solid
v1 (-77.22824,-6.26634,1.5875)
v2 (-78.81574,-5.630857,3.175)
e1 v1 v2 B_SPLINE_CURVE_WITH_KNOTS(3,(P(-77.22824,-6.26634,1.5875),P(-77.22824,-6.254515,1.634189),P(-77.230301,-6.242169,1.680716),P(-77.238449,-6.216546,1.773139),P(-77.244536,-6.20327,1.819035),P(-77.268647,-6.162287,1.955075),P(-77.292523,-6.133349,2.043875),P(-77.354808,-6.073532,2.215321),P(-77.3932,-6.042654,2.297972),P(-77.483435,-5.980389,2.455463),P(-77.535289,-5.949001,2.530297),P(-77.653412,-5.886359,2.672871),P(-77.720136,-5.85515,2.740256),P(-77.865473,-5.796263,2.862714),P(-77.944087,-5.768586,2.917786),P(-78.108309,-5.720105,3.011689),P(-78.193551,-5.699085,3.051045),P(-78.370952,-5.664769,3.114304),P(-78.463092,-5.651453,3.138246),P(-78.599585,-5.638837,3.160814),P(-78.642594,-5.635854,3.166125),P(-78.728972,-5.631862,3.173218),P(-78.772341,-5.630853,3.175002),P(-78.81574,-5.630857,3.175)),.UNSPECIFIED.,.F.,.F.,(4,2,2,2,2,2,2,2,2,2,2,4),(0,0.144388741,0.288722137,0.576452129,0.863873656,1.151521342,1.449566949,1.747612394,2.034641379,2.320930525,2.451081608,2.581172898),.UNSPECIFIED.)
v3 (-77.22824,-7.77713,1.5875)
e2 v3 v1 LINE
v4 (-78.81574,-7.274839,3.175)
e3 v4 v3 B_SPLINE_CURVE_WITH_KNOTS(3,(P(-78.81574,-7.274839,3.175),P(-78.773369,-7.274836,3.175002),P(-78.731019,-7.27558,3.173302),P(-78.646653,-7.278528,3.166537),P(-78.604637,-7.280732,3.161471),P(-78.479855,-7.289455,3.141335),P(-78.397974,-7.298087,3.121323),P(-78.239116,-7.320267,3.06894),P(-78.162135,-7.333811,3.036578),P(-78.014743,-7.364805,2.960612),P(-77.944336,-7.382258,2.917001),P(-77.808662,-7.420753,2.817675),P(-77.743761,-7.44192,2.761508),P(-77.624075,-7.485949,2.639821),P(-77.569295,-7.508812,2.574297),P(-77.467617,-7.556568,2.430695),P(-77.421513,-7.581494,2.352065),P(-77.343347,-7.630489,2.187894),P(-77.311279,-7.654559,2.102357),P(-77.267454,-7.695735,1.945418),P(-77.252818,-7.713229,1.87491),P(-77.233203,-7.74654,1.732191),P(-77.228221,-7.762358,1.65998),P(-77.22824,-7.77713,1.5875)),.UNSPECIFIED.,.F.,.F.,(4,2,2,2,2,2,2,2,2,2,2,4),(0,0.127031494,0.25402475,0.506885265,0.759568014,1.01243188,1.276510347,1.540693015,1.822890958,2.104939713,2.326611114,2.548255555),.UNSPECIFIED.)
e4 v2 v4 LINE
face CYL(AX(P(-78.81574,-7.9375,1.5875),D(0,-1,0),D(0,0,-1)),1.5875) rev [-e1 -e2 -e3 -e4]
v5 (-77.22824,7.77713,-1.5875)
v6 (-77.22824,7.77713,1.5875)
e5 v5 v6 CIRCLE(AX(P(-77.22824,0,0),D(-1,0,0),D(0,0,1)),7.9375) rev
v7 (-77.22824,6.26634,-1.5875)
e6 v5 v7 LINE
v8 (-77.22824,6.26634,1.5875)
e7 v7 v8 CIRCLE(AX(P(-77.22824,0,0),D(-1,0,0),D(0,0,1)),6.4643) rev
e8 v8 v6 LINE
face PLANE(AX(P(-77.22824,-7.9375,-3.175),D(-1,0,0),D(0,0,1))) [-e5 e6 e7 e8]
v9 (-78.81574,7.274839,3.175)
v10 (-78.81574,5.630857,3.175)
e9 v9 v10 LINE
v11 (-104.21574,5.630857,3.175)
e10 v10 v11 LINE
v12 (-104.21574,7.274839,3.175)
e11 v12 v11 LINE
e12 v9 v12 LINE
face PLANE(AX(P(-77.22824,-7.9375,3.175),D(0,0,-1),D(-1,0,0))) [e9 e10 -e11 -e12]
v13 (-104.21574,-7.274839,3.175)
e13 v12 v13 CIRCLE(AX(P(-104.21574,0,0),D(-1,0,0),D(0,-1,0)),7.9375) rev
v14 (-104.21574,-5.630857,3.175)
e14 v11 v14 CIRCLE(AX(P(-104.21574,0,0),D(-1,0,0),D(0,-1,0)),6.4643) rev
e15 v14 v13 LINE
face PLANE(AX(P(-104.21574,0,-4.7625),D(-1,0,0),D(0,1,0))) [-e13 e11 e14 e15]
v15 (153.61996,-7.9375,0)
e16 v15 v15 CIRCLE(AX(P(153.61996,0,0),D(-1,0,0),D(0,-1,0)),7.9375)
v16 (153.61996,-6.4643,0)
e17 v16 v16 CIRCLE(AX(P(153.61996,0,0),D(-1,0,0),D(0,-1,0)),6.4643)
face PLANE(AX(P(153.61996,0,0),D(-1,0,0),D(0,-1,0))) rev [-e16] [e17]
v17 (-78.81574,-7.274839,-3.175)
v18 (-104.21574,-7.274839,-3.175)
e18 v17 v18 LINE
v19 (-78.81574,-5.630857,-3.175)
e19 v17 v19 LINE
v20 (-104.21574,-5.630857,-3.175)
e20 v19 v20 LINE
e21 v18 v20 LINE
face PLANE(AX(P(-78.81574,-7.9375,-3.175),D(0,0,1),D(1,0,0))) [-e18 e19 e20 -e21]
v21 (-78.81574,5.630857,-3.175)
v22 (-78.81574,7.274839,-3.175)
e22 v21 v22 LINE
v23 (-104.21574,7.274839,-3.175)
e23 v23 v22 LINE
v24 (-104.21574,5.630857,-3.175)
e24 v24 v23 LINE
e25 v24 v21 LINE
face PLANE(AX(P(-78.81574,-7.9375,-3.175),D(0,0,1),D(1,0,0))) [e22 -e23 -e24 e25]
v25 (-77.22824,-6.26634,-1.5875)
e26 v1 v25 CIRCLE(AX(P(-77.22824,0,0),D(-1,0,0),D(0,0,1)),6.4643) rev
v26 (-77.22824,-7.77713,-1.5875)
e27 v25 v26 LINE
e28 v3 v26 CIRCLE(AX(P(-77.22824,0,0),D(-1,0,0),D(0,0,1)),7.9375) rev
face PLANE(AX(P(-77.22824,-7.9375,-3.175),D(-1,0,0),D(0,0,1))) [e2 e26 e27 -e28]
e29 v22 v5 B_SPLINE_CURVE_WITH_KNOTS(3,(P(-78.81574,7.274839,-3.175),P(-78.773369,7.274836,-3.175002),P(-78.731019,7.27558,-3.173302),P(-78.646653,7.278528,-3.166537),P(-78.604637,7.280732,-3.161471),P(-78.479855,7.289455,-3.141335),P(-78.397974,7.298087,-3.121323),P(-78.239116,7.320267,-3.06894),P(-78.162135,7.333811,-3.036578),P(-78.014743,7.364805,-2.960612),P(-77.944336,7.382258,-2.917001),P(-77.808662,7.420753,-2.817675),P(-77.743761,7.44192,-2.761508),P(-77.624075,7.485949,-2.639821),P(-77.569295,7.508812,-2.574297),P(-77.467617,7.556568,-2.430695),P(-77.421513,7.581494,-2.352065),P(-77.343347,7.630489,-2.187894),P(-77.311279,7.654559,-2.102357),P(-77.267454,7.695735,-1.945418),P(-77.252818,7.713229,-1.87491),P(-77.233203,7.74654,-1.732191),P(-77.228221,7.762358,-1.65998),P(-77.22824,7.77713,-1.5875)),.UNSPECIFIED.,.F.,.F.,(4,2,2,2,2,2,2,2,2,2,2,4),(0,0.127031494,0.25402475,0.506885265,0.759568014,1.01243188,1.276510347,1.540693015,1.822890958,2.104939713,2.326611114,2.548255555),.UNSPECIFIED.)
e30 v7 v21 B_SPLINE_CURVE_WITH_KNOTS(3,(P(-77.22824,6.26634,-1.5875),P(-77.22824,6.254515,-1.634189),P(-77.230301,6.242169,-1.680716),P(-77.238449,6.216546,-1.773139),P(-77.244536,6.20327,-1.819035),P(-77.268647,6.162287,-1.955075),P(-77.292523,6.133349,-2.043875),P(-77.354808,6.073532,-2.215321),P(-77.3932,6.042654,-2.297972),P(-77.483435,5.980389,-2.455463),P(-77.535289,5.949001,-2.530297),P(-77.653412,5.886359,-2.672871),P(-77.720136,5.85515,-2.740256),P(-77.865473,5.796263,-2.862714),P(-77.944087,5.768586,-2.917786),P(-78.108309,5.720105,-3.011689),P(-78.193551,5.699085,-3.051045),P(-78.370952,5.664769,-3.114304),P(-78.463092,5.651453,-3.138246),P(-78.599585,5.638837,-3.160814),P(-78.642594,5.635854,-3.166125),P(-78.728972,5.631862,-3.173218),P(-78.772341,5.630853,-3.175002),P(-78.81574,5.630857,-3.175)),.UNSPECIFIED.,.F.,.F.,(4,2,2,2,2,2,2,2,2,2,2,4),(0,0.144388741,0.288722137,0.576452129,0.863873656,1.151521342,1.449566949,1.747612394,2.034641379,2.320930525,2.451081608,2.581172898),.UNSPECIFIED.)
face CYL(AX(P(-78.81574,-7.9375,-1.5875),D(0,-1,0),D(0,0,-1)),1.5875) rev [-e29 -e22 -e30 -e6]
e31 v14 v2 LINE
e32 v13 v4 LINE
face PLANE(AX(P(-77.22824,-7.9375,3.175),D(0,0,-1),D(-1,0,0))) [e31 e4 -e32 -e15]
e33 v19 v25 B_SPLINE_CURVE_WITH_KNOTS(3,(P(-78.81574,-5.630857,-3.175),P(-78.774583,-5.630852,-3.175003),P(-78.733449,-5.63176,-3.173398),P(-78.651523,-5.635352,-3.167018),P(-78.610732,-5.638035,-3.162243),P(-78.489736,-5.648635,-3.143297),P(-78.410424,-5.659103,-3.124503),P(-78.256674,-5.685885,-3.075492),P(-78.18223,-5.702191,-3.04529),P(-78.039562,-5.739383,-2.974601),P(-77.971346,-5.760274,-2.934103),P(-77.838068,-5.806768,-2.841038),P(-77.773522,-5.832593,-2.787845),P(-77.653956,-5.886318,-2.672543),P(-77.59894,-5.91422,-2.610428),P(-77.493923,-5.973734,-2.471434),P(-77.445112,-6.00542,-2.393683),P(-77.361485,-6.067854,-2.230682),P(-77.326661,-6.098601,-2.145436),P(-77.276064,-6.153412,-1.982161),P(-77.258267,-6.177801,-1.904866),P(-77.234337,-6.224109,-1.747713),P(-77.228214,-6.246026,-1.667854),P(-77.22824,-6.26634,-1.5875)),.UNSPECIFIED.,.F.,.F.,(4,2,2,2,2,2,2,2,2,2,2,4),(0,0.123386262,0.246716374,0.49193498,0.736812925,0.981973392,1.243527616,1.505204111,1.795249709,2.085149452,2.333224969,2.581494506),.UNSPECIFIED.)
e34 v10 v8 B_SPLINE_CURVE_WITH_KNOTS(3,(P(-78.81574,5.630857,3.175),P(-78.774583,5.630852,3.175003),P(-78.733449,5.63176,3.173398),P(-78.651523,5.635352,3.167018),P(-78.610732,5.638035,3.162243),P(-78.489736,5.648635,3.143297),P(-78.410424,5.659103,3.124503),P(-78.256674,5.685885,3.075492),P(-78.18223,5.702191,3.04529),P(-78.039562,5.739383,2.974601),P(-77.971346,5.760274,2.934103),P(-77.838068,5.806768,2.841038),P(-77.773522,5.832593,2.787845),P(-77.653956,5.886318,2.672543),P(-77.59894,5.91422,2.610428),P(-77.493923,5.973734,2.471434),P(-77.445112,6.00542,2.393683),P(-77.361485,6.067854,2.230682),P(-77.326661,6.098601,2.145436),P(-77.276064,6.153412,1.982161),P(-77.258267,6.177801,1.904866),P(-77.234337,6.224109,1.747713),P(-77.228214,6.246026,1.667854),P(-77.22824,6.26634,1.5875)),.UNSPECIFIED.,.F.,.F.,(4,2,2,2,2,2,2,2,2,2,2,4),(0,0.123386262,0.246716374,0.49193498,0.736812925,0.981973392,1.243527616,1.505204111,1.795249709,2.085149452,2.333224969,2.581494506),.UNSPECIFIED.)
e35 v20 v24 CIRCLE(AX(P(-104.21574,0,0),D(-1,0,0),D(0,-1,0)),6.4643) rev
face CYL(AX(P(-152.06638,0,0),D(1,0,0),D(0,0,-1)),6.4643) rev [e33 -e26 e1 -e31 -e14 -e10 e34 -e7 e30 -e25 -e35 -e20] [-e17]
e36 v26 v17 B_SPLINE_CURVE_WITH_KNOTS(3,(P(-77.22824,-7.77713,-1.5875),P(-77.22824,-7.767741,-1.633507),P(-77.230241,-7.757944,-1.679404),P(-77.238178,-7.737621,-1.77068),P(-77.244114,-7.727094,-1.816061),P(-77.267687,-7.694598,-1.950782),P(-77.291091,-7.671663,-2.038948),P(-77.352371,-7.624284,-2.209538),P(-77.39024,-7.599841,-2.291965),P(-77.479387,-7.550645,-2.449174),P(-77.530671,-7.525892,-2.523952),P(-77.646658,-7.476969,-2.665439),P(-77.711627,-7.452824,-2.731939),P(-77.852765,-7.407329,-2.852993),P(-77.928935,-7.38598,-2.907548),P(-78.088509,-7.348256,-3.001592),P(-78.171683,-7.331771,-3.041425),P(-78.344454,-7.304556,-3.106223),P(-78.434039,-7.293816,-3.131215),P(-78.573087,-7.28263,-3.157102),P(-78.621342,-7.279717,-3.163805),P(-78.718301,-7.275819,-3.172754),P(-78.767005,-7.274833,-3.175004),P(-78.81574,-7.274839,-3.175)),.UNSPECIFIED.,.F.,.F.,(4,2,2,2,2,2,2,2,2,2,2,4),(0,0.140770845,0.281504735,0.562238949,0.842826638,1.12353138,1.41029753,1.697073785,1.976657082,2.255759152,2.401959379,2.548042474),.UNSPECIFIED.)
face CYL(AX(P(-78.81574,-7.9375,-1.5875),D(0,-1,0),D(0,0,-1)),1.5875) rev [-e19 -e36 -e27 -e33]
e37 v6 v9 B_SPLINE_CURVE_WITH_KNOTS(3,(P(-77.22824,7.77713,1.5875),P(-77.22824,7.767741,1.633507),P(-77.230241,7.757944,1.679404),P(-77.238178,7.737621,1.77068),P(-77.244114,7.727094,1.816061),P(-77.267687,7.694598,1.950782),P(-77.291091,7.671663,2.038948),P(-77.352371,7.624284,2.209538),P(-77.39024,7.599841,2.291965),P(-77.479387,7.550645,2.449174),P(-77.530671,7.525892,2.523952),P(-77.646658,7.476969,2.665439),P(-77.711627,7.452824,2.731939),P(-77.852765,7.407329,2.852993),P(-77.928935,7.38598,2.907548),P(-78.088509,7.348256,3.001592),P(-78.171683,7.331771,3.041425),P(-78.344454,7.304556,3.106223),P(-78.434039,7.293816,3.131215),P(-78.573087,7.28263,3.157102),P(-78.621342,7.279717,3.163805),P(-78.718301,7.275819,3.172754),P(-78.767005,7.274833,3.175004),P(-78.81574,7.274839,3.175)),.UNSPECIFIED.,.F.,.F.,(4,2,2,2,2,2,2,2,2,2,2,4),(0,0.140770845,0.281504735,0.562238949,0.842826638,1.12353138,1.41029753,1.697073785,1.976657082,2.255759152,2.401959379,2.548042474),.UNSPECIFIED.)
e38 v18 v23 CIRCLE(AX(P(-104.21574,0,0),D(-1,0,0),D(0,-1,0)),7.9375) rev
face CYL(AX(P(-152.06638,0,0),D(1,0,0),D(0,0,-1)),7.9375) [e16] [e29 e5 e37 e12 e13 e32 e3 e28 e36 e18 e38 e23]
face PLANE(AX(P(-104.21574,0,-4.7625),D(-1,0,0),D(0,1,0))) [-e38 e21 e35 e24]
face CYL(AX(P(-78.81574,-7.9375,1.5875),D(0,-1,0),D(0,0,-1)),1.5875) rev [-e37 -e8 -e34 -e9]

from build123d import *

# Parameters (mm, degrees)
BOSS_EXTRUDE1_DEPTH      = 153.61996
BOSS_EXTRUDE1_DEPTH_BACK = 104.21574
SKETCH1_R                = 7.9375
SKETCH1_R_2              = 6.4643
CUT_EXTRUDE1_DEPTH       = 155.641881913
FILLET1_R                = 1.5875


with BuildPart() as part:
    # Sketch1 → Boss-Extrude1 (new, two sides: drawn at the far end of the back side and taken through both)
    with BuildSketch(Plane(origin=(0, 0, 0), x_dir=(0, 0, -1), z_dir=(1, 0, 0)).offset(-BOSS_EXTRUDE1_DEPTH_BACK)):
        with Locations(Location((0, 0, 0), (0, 0, 270))):
            Circle(SKETCH1_R)
        with Locations(Location((0, 0, 0), (0, 0, 270))):
            Circle(SKETCH1_R_2, mode=Mode.SUBTRACT)
    extrude(amount=BOSS_EXTRUDE1_DEPTH + BOSS_EXTRUDE1_DEPTH_BACK)

    # Sketch2 → Cut-Extrude1 (cut, through all)
    with BuildSketch(Plane(origin=(0, 7.9375, 0), x_dir=(1, 0, 0), z_dir=(0, 1, 0))):
        Polygon((-80.403240171, 3.175), (-112.470740171, 3.175), (-112.470740171, -3.175), (-80.403240171, -3.175), (-78.815740171, -3.175), (-77.228240171, -3.175), (-77.228240171, 3.175), (-78.815740171, 3.175), align=None)
    extrude(amount=-CUT_EXTRUDE1_DEPTH, mode=Mode.SUBTRACT)

    # Fillet1
    fillet1_edges = [part.edges().sort_by_distance(p)[0] for p in [
        (-77.228240171, -6.452847911, -3.175),
        (-77.228240171, 6.452847911, -3.175),
        (-77.228240171, 6.452847911, 3.175),
        (-77.228240171, -6.452847911, 3.175),
    ]]
    fillet(fillet1_edges, radius=FILLET1_R)


solid = part.part
